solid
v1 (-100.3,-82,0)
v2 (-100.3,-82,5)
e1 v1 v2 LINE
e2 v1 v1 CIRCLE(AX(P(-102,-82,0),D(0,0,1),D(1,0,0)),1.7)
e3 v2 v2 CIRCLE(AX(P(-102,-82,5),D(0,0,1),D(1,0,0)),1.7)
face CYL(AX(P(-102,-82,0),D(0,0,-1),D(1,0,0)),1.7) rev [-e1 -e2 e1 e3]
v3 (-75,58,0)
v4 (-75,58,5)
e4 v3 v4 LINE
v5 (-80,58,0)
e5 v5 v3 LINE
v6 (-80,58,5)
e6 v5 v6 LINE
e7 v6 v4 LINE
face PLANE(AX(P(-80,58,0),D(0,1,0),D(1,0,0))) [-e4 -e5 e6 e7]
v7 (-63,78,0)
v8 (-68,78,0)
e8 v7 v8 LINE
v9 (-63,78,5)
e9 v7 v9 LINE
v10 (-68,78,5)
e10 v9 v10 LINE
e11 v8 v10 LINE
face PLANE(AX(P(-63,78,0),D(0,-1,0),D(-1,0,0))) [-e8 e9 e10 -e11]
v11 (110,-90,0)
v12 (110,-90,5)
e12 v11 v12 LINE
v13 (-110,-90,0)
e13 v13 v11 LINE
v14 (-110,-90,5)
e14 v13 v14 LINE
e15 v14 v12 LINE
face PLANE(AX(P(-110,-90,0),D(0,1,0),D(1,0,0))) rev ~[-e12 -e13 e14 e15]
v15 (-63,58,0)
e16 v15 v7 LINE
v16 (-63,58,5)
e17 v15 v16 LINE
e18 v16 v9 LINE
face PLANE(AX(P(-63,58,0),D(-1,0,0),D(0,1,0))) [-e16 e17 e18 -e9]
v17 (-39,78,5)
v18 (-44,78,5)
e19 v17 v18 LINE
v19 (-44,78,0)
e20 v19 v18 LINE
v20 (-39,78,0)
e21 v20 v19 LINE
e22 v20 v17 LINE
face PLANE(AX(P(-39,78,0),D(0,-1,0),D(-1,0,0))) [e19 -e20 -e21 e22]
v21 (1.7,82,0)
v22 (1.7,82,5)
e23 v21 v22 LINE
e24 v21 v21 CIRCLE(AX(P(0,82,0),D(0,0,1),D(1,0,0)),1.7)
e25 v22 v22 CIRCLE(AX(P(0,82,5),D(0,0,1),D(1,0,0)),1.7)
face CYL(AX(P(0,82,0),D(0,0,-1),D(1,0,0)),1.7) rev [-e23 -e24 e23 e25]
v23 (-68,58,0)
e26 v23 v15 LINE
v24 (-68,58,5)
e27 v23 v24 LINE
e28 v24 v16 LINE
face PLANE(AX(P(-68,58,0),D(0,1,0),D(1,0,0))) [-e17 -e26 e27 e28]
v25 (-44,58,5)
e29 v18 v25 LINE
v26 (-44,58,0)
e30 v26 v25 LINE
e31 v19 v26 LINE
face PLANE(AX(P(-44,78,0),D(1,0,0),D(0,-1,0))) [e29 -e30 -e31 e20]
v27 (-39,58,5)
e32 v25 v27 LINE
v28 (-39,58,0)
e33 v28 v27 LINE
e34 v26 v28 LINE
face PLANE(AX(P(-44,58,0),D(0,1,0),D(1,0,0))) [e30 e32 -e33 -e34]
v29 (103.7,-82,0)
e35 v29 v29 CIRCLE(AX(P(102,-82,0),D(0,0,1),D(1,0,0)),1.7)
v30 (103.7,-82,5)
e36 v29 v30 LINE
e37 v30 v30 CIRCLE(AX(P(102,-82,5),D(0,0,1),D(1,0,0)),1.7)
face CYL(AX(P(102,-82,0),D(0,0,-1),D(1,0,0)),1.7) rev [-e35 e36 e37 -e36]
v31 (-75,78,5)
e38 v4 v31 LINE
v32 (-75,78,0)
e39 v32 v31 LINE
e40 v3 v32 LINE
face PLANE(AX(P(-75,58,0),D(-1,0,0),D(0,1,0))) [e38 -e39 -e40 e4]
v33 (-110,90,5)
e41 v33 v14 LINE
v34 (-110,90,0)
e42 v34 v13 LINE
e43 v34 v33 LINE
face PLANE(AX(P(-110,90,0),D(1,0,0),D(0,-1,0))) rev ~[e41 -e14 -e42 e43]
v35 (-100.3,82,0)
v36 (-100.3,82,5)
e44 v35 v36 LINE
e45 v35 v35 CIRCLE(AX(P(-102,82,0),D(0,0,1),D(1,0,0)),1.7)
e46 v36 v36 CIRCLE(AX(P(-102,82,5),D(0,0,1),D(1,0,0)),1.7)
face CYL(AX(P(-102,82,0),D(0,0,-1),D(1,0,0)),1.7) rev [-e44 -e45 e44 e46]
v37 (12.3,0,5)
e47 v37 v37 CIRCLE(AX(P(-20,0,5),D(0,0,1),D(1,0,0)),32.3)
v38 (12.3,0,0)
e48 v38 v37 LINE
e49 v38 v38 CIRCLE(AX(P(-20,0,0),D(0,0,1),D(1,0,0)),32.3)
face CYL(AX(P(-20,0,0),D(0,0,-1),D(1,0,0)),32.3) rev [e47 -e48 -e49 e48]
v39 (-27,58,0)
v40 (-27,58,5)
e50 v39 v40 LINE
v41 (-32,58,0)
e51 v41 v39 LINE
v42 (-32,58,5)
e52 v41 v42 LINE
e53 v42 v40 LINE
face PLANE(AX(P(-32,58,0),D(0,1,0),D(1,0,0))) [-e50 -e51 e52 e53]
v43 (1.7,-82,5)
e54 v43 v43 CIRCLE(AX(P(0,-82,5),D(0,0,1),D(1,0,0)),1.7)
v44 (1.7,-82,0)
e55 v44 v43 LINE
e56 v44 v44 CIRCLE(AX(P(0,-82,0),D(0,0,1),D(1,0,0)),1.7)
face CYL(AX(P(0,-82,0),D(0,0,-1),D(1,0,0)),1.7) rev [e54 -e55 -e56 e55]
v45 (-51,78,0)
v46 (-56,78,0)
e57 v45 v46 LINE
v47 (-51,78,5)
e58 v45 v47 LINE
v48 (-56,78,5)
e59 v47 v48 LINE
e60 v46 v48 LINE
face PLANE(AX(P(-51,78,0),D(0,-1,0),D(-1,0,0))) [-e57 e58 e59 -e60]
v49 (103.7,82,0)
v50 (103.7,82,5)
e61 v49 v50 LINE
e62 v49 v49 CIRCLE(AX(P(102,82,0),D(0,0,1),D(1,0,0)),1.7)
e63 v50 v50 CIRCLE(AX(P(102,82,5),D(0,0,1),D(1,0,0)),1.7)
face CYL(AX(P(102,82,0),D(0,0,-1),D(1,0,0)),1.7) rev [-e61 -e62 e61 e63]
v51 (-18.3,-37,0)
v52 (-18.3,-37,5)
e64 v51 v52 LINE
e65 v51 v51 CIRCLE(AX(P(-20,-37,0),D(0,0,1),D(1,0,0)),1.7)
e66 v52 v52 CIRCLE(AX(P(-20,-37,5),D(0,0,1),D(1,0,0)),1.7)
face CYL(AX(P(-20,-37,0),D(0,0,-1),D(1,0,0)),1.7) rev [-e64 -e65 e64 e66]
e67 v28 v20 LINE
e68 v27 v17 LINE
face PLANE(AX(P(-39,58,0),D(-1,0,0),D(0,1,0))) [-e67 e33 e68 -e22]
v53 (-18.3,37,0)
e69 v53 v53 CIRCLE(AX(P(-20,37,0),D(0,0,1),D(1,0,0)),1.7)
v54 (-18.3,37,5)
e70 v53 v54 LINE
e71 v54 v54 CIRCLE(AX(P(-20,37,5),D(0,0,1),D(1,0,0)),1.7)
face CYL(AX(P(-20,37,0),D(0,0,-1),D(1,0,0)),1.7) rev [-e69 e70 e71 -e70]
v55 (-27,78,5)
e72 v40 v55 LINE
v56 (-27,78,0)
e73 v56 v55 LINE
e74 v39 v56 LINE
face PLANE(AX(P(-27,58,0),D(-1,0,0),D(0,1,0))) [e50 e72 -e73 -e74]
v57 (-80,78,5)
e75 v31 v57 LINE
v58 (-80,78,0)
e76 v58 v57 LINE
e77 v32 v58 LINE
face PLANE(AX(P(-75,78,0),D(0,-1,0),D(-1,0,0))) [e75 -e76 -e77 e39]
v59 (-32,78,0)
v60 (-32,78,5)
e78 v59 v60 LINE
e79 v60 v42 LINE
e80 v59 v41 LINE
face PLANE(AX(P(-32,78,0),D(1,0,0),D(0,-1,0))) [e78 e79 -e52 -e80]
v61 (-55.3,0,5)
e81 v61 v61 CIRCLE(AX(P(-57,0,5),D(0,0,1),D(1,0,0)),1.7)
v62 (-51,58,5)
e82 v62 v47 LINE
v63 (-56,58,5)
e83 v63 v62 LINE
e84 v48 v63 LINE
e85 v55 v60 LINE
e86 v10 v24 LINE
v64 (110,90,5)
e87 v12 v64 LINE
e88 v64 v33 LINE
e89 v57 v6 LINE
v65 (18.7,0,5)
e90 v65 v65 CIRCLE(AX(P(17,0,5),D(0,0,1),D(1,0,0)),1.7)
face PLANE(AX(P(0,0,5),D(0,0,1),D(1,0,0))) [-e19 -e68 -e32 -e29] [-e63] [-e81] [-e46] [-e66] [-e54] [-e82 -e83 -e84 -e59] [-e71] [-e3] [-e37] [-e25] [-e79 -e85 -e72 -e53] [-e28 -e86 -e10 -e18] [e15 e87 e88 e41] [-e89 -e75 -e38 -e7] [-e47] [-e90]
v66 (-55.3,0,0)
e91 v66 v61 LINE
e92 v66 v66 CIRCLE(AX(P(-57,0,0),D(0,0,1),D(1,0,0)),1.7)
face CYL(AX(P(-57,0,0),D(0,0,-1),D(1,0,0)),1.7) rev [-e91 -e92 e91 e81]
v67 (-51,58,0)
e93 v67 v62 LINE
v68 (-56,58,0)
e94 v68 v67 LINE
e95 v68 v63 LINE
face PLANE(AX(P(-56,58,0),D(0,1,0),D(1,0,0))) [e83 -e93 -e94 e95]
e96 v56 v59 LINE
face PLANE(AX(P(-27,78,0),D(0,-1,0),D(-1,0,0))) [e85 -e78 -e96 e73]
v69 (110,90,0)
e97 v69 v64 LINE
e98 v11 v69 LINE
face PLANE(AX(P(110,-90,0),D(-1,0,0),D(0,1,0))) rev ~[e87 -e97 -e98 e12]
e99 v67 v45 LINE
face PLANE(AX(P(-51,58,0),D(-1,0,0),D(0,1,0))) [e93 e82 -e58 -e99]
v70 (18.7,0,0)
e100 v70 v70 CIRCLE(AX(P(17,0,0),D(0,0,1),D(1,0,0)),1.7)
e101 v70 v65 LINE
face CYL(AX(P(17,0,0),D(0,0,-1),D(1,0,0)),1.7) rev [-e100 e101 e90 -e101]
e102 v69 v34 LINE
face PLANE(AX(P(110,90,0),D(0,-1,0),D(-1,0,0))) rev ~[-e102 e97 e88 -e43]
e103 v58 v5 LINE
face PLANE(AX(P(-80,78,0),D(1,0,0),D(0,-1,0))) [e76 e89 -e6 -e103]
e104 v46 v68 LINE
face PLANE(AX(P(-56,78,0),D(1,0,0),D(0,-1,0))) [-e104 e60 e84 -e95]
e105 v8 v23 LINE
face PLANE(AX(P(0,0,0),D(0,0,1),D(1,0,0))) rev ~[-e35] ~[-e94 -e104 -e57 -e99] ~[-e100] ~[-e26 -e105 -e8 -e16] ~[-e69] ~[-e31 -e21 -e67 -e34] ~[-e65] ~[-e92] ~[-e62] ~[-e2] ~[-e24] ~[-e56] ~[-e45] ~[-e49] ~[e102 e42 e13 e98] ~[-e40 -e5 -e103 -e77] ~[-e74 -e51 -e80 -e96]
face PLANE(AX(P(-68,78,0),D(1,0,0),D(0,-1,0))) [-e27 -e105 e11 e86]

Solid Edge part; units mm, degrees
sketch "Sketch1" plane through (0, 0, 0) normal (0, 0, 1) x (1, 0, 0)
  line L0 (-110, -90) -> (110, -90)
  line L1 (110, -90) -> (110, 90)
  line L2 (110, 90) -> (-110, 90)
  line L3 (-110, 90) -> (-110, -90)
  circle A0 centre (-20, 0) radius 32.3
  circle A1 centre (-102, -82) radius 1.7
  circle A2 centre (-102, 82) radius 1.7
  circle A3 centre (102, -82) radius 1.7
  circle A4 centre (102, 82) radius 1.7
  circle A5 centre (0, -82) radius 1.7
  circle A6 centre (0, 82) radius 1.7
  circle A7 centre (17, 0) radius 1.7
  circle A8 centre (-57, 0) radius 1.7
  circle A9 centre (-20, 37) radius 1.7
  circle A10 centre (-20, -37) radius 1.7
  line L4 (-80, 58) -> (-75, 58)
  line L5 (-75, 58) -> (-75, 78)
  line L6 (-75, 78) -> (-80, 78)
  line L7 (-80, 78) -> (-80, 58)
  line L8 (-68, 58) -> (-63, 58)
  line L9 (-63, 58) -> (-63, 78)
  line L10 (-63, 78) -> (-68, 78)
  line L11 (-68, 78) -> (-68, 58)
  line L12 (-56, 58) -> (-51, 58)
  line L13 (-51, 58) -> (-51, 78)
  line L14 (-51, 78) -> (-56, 78)
  line L15 (-56, 78) -> (-56, 58)
  line L16 (-44, 58) -> (-39, 58)
  line L17 (-39, 58) -> (-39, 78)
  line L18 (-39, 78) -> (-44, 78)
  line L19 (-44, 78) -> (-44, 58)
  line L20 (-32, 58) -> (-27, 58)
  line L21 (-27, 58) -> (-27, 78)
  line L22 (-27, 78) -> (-32, 78)
  line L23 (-32, 78) -> (-32, 58)
extrude "Protrusion1" add sketch "Sketch1" along normal blind 5
